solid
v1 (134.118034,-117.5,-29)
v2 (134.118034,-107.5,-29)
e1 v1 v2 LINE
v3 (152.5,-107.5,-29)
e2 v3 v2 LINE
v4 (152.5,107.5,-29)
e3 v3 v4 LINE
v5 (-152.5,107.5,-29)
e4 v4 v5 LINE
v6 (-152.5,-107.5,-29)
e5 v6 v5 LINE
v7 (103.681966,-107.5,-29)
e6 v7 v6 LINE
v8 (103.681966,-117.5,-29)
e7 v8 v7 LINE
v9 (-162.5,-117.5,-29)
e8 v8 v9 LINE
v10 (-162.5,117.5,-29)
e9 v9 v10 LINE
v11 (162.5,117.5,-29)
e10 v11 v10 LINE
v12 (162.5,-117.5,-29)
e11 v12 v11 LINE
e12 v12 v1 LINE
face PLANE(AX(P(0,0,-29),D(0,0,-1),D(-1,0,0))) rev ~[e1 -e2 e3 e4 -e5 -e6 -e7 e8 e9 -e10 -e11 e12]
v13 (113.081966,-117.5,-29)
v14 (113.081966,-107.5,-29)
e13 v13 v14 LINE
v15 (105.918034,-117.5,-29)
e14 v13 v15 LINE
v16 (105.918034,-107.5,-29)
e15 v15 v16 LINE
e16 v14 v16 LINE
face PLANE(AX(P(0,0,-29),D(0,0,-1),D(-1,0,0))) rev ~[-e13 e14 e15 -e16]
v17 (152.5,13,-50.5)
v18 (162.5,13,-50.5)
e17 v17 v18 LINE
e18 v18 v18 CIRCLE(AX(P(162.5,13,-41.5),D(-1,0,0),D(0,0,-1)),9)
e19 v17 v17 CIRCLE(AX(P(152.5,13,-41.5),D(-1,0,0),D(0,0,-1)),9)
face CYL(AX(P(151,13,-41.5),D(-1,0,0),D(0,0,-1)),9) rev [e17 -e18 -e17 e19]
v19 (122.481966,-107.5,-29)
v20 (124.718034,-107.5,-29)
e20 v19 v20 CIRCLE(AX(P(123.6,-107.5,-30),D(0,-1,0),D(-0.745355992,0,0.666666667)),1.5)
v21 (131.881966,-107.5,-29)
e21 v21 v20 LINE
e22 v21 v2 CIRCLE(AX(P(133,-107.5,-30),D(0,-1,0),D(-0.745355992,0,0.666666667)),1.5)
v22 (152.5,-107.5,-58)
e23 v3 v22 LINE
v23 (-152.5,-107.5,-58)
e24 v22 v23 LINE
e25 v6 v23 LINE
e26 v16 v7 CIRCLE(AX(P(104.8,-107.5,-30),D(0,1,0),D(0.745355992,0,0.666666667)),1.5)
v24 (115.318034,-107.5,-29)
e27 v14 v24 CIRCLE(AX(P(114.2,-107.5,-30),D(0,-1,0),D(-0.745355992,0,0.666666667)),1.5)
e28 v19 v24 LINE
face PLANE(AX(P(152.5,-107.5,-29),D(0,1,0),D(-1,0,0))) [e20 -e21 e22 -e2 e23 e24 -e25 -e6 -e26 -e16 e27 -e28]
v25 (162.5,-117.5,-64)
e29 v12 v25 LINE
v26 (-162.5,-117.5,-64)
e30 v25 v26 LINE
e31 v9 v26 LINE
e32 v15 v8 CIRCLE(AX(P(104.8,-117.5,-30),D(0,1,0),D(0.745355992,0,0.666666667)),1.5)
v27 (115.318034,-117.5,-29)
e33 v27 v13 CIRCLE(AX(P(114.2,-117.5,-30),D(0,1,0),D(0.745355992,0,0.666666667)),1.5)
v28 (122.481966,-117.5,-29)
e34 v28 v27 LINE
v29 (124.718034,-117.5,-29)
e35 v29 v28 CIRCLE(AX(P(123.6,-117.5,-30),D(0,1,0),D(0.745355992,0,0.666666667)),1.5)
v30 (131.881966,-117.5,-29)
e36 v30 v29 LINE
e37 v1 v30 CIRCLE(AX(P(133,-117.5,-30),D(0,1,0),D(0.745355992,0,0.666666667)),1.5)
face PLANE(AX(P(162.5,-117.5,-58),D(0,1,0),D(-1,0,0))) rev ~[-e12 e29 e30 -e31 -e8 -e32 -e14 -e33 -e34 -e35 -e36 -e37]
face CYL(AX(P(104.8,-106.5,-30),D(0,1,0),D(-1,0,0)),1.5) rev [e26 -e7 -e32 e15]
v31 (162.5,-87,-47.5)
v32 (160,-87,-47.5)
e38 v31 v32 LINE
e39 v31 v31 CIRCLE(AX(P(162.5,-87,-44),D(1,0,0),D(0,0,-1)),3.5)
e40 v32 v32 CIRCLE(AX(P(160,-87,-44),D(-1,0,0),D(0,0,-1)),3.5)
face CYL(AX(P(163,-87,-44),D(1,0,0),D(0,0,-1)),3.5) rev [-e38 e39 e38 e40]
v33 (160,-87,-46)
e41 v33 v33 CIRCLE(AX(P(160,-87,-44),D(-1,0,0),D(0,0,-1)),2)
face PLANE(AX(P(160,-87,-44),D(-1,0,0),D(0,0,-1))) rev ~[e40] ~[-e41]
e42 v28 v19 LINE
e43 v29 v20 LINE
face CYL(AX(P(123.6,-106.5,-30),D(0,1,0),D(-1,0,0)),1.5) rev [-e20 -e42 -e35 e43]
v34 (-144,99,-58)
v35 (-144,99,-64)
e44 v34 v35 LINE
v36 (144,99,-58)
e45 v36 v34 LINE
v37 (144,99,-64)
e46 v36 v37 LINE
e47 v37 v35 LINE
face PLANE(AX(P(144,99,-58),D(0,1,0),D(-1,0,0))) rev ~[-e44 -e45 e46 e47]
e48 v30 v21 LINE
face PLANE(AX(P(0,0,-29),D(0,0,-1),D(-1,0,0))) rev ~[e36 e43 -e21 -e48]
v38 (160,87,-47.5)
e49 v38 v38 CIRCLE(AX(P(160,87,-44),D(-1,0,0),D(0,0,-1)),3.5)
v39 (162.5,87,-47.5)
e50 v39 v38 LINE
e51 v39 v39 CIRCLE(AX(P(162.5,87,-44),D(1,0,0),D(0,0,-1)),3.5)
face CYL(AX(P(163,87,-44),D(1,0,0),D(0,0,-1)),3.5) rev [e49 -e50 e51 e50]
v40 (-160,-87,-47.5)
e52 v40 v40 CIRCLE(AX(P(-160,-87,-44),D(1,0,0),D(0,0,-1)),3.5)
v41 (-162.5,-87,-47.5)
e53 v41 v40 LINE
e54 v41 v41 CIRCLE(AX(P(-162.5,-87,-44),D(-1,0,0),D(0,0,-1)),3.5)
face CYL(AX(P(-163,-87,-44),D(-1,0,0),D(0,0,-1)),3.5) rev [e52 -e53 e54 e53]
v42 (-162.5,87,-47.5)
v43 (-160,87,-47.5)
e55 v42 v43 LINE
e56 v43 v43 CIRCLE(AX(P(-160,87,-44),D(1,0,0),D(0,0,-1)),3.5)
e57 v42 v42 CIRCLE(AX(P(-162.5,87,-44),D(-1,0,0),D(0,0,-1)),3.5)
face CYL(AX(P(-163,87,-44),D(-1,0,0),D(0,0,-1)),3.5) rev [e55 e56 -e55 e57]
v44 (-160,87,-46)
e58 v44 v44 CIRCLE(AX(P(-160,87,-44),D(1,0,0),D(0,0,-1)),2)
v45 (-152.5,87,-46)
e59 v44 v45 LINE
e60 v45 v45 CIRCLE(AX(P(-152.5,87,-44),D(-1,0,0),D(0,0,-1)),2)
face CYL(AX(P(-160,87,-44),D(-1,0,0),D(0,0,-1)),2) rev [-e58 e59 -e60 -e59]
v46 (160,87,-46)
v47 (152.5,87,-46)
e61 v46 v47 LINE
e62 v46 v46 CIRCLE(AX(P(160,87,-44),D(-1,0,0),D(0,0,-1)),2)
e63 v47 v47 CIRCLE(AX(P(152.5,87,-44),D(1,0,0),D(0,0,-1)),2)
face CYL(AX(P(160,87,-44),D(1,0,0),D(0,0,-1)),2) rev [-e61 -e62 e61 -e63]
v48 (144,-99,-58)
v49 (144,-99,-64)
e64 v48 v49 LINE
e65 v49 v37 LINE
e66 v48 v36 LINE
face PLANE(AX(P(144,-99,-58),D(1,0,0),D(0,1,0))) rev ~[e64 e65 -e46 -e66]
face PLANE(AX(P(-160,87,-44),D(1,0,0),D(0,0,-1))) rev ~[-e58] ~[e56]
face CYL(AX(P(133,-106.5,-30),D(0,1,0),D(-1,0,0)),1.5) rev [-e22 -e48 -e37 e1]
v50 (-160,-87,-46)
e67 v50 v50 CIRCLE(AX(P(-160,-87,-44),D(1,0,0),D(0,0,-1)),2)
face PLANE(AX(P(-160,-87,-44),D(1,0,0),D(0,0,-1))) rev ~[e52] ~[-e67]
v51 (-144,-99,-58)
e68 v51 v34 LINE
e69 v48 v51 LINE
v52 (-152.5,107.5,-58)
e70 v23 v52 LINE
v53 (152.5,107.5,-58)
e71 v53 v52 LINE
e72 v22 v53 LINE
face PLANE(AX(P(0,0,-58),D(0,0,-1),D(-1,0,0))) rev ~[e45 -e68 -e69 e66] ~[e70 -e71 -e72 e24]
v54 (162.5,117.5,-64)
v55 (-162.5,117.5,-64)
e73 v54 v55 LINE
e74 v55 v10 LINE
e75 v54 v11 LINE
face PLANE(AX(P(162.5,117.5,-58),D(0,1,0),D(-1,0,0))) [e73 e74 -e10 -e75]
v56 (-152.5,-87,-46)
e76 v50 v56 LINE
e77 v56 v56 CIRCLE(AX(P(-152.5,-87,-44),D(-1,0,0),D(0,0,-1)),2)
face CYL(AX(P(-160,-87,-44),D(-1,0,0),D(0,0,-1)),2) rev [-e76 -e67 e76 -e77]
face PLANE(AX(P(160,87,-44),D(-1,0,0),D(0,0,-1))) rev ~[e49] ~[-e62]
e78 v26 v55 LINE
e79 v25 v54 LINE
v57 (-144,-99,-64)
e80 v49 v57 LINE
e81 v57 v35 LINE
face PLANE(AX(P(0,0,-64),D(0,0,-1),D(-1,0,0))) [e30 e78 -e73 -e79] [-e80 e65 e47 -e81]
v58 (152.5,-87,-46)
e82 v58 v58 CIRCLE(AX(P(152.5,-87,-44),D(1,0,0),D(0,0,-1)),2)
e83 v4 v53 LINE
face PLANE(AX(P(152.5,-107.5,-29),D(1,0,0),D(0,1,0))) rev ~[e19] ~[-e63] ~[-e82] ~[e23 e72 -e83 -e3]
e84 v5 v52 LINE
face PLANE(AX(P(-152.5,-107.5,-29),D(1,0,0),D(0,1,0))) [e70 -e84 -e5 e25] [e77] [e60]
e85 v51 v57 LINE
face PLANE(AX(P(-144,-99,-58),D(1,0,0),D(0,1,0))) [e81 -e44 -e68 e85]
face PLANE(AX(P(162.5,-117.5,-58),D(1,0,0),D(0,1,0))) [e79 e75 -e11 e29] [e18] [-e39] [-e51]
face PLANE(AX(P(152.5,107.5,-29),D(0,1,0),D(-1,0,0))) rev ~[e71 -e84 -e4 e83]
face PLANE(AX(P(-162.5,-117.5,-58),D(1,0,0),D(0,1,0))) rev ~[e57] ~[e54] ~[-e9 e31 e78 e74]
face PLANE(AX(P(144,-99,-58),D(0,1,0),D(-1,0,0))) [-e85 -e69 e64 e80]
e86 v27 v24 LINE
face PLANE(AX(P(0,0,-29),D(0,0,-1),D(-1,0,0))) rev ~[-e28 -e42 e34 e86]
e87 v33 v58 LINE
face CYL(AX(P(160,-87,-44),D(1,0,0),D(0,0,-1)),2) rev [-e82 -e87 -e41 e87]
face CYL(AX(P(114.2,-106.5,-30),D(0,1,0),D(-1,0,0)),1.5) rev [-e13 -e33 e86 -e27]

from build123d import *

# Parameters (mm, degrees)
CYLINDER027_R           = 3.5
CYLINDER027_DEPTH       = 3
CYLINDER027_PITCH_ANGLE = 90
CYLINDER026_R           = 2
CYLINDER026_DEPTH       = 9
CYLINDER026_PITCH_ANGLE = 90
ARRAY023_COUNT          = 2
ARRAY024_Y_COUNT        = 2
ARRAY024_Y_PITCH        = 174
CYLINDER011_R           = 9
CYLINDER011_DEPTH       = 12
CYLINDER011_PITCH_ANGLE = 90
CYLINDER010_R           = 1.5
CYLINDER010_DEPTH       = 11
ARRAY007_X_COUNT        = 4
ARRAY007_X_PITCH        = 9.4
ARRAY007_ROLL_ANGLE     = 90
BOX005_W                = 288
BOX005_H                = 198
BOX005_DEPTH            = 6
BOX004_W                = 325
BOX004_H                = 235
BOX004_DEPTH            = 6
BOX007_W                = 305
BOX007_H                = 215
BOX007_DEPTH            = 29
BOX006_W                = 325
BOX006_H                = 235
BOX006_DEPTH            = 29
CUT014_PLACEMENT_ANGLE  = 180


with BuildPart() as case_2_frame_cut005:
    # Cylinder027 → Cylinder027 (new body)
    with BuildSketch(Plane.XY):
        Circle(CYLINDER027_R)
    extrude(amount=CYLINDER027_DEPTH)


with BuildPart() as case_2_frame_cut005_1:
    # Cylinder027 pitch: moved
    add(case_2_frame_cut005.part.rotate(Axis((0, 0, 0), (0, 1, 0)), CYLINDER027_PITCH_ANGLE))


with BuildPart() as case_2_frame_cut005_2:
    # Cylinder027 placement: moved
    add(case_2_frame_cut005_1.part)


with BuildPart() as array024:
    # Cylinder026 → Cylinder026 (new body)
    with BuildSketch(Plane.XY):
        Circle(CYLINDER026_R)
    extrude(amount=CYLINDER026_DEPTH)


with BuildPart() as array024_1:
    # Cylinder026 pitch: moved
    add(array024.part.rotate(Axis((0, 0, 0), (0, 1, 0)), CYLINDER026_PITCH_ANGLE))


with BuildPart() as array024_2:
    # Cylinder026 placement: moved
    add(array024_1.part.moved(Location((3, 0, 0))))

    # Fusion021: union CASE_2_frame_cut005
    add(case_2_frame_cut005_2.part)


with BuildPart() as array024_3:
    # Fusion021 placement: moved
    add(array024_2.part.moved(Location((-163, 87, -14))))

    # Array023: Array024 ×2 about axis
    array023_axis = Axis((0, 87, 0), (0, 0, 1))


with BuildPart() as array024_4:
    add(array024_3.part)
    for i in range(1, ARRAY023_COUNT):
        add(array024_3.part.rotate(array023_axis, i * 360 / ARRAY023_COUNT))

    # Array024 Y: Array024 ×2


with BuildPart() as array024_5:
    add(array024_4.part)
    with Locations(*[(0, -i * ARRAY024_Y_PITCH, 0) for i in range(1, ARRAY024_Y_COUNT)]):
        add(array024_4.part)


with BuildPart() as array024_6:
    # Array024 placement: moved
    add(array024_5.part.moved(Location((0, 0, -30))))


with BuildPart() as case_2_frame_cut:
    # Cylinder011 → Cylinder011 (new body)
    with BuildSketch(Plane.XY):
        Circle(CYLINDER011_R)
    extrude(amount=CYLINDER011_DEPTH)


with BuildPart() as case_2_frame_cut_1:
    # Cylinder011 pitch: moved
    add(case_2_frame_cut.part.rotate(Axis((0, 0, 0), (0, 1, 0)), CYLINDER011_PITCH_ANGLE))


with BuildPart() as case_2_frame_cut_2:
    # Cylinder011 placement: moved
    add(case_2_frame_cut_1.part.moved(Location((151, 13, -41.5))))


with BuildPart() as btn_holes:
    # Cylinder010 → Cylinder010 (new body)
    with BuildSketch(Plane(origin=(-30, -25, 0), x_dir=(1, 0, 0), z_dir=(0, 0, 1))):
        Circle(CYLINDER010_R)
    extrude(amount=CYLINDER010_DEPTH)

    # Array007 X: BTN_holes ×4


with BuildPart() as btn_holes_1:
    add(btn_holes.part)
    with Locations(*[(i * ARRAY007_X_PITCH, 0, 0) for i in range(1, ARRAY007_X_COUNT)]):
        add(btn_holes.part)


with BuildPart() as btn_holes_2:
    # Array007 roll: moved
    add(btn_holes_1.part.rotate(Axis((0, 0, 0), (1, 0, 0)), ARRAY007_ROLL_ANGLE))


with BuildPart() as btn_holes_3:
    # Array007 placement: moved
    add(btn_holes_2.part.moved(Location((-103, -106.5, 55))))


with BuildPart() as case_2_frame_ui001:
    # Box005 → Box005 (new body)
    with BuildSketch(Plane(origin=(-144, -99, 0), x_dir=(1, 0, 0), z_dir=(0, 0, 1))):
        with Locations((144, 99)):
            Rectangle(BOX005_W, BOX005_H)
    extrude(amount=BOX005_DEPTH)


with BuildPart() as case_2_frame_u001:
    # Box004 → Box004 (new body)
    with BuildSketch(Plane(origin=(-162.5, -117.5, 0), x_dir=(1, 0, 0), z_dir=(0, 0, 1))):
        with Locations((162.5, 117.5)):
            Rectangle(BOX004_W, BOX004_H)
    extrude(amount=BOX004_DEPTH)

    # Cut005: cut CASE_2_frame_ui001
    add(case_2_frame_ui001.part, mode=Mode.SUBTRACT)


with BuildPart() as case_2_frame_u001_1:
    # Cut005 placement: moved
    add(case_2_frame_u001.part.moved(Location((0, 0, 58))))


with BuildPart() as case_2_frame_li001:
    # Box007 → Box007 (new body)
    with BuildSketch(Plane(origin=(-152.5, -107.5, 0), x_dir=(1, 0, 0), z_dir=(0, 0, 1))):
        with Locations((152.5, 107.5)):
            Rectangle(BOX007_W, BOX007_H)
    extrude(amount=BOX007_DEPTH)


with BuildPart() as case_2_frame_back002:
    # Box006 → Box006 (new body)
    with BuildSketch(Plane(origin=(-162.5, -117.5, 0), x_dir=(1, 0, 0), z_dir=(0, 0, 1))):
        with Locations((162.5, 117.5)):
            Rectangle(BOX006_W, BOX006_H)
    extrude(amount=BOX006_DEPTH)

    # Cut006: cut CASE_2_frame_li001
    add(case_2_frame_li001.part, mode=Mode.SUBTRACT)


with BuildPart() as case_2_frame_back002_1:
    # Cut006 placement: moved
    add(case_2_frame_back002.part.moved(Location((0, 0, 29))))

    # Fusion018: union CASE_2_frame_u001
    add(case_2_frame_u001_1.part)

    # Cut014: cut BTN_holes
    add(btn_holes_3.part, mode=Mode.SUBTRACT)


with BuildPart() as case_2_frame_back002_2:
    # Cut014 placement: moved
    add(case_2_frame_back002_1.part.rotate(Axis((0, 0, 0), (0, 1, 0)), CUT014_PLACEMENT_ANGLE))

    # Cut019: cut CASE_2_frame_cut
    add(case_2_frame_cut_2.part, mode=Mode.SUBTRACT)

    # Cut025: cut Array024
    add(array024_6.part, mode=Mode.SUBTRACT)


solid = case_2_frame_back002_2.part
